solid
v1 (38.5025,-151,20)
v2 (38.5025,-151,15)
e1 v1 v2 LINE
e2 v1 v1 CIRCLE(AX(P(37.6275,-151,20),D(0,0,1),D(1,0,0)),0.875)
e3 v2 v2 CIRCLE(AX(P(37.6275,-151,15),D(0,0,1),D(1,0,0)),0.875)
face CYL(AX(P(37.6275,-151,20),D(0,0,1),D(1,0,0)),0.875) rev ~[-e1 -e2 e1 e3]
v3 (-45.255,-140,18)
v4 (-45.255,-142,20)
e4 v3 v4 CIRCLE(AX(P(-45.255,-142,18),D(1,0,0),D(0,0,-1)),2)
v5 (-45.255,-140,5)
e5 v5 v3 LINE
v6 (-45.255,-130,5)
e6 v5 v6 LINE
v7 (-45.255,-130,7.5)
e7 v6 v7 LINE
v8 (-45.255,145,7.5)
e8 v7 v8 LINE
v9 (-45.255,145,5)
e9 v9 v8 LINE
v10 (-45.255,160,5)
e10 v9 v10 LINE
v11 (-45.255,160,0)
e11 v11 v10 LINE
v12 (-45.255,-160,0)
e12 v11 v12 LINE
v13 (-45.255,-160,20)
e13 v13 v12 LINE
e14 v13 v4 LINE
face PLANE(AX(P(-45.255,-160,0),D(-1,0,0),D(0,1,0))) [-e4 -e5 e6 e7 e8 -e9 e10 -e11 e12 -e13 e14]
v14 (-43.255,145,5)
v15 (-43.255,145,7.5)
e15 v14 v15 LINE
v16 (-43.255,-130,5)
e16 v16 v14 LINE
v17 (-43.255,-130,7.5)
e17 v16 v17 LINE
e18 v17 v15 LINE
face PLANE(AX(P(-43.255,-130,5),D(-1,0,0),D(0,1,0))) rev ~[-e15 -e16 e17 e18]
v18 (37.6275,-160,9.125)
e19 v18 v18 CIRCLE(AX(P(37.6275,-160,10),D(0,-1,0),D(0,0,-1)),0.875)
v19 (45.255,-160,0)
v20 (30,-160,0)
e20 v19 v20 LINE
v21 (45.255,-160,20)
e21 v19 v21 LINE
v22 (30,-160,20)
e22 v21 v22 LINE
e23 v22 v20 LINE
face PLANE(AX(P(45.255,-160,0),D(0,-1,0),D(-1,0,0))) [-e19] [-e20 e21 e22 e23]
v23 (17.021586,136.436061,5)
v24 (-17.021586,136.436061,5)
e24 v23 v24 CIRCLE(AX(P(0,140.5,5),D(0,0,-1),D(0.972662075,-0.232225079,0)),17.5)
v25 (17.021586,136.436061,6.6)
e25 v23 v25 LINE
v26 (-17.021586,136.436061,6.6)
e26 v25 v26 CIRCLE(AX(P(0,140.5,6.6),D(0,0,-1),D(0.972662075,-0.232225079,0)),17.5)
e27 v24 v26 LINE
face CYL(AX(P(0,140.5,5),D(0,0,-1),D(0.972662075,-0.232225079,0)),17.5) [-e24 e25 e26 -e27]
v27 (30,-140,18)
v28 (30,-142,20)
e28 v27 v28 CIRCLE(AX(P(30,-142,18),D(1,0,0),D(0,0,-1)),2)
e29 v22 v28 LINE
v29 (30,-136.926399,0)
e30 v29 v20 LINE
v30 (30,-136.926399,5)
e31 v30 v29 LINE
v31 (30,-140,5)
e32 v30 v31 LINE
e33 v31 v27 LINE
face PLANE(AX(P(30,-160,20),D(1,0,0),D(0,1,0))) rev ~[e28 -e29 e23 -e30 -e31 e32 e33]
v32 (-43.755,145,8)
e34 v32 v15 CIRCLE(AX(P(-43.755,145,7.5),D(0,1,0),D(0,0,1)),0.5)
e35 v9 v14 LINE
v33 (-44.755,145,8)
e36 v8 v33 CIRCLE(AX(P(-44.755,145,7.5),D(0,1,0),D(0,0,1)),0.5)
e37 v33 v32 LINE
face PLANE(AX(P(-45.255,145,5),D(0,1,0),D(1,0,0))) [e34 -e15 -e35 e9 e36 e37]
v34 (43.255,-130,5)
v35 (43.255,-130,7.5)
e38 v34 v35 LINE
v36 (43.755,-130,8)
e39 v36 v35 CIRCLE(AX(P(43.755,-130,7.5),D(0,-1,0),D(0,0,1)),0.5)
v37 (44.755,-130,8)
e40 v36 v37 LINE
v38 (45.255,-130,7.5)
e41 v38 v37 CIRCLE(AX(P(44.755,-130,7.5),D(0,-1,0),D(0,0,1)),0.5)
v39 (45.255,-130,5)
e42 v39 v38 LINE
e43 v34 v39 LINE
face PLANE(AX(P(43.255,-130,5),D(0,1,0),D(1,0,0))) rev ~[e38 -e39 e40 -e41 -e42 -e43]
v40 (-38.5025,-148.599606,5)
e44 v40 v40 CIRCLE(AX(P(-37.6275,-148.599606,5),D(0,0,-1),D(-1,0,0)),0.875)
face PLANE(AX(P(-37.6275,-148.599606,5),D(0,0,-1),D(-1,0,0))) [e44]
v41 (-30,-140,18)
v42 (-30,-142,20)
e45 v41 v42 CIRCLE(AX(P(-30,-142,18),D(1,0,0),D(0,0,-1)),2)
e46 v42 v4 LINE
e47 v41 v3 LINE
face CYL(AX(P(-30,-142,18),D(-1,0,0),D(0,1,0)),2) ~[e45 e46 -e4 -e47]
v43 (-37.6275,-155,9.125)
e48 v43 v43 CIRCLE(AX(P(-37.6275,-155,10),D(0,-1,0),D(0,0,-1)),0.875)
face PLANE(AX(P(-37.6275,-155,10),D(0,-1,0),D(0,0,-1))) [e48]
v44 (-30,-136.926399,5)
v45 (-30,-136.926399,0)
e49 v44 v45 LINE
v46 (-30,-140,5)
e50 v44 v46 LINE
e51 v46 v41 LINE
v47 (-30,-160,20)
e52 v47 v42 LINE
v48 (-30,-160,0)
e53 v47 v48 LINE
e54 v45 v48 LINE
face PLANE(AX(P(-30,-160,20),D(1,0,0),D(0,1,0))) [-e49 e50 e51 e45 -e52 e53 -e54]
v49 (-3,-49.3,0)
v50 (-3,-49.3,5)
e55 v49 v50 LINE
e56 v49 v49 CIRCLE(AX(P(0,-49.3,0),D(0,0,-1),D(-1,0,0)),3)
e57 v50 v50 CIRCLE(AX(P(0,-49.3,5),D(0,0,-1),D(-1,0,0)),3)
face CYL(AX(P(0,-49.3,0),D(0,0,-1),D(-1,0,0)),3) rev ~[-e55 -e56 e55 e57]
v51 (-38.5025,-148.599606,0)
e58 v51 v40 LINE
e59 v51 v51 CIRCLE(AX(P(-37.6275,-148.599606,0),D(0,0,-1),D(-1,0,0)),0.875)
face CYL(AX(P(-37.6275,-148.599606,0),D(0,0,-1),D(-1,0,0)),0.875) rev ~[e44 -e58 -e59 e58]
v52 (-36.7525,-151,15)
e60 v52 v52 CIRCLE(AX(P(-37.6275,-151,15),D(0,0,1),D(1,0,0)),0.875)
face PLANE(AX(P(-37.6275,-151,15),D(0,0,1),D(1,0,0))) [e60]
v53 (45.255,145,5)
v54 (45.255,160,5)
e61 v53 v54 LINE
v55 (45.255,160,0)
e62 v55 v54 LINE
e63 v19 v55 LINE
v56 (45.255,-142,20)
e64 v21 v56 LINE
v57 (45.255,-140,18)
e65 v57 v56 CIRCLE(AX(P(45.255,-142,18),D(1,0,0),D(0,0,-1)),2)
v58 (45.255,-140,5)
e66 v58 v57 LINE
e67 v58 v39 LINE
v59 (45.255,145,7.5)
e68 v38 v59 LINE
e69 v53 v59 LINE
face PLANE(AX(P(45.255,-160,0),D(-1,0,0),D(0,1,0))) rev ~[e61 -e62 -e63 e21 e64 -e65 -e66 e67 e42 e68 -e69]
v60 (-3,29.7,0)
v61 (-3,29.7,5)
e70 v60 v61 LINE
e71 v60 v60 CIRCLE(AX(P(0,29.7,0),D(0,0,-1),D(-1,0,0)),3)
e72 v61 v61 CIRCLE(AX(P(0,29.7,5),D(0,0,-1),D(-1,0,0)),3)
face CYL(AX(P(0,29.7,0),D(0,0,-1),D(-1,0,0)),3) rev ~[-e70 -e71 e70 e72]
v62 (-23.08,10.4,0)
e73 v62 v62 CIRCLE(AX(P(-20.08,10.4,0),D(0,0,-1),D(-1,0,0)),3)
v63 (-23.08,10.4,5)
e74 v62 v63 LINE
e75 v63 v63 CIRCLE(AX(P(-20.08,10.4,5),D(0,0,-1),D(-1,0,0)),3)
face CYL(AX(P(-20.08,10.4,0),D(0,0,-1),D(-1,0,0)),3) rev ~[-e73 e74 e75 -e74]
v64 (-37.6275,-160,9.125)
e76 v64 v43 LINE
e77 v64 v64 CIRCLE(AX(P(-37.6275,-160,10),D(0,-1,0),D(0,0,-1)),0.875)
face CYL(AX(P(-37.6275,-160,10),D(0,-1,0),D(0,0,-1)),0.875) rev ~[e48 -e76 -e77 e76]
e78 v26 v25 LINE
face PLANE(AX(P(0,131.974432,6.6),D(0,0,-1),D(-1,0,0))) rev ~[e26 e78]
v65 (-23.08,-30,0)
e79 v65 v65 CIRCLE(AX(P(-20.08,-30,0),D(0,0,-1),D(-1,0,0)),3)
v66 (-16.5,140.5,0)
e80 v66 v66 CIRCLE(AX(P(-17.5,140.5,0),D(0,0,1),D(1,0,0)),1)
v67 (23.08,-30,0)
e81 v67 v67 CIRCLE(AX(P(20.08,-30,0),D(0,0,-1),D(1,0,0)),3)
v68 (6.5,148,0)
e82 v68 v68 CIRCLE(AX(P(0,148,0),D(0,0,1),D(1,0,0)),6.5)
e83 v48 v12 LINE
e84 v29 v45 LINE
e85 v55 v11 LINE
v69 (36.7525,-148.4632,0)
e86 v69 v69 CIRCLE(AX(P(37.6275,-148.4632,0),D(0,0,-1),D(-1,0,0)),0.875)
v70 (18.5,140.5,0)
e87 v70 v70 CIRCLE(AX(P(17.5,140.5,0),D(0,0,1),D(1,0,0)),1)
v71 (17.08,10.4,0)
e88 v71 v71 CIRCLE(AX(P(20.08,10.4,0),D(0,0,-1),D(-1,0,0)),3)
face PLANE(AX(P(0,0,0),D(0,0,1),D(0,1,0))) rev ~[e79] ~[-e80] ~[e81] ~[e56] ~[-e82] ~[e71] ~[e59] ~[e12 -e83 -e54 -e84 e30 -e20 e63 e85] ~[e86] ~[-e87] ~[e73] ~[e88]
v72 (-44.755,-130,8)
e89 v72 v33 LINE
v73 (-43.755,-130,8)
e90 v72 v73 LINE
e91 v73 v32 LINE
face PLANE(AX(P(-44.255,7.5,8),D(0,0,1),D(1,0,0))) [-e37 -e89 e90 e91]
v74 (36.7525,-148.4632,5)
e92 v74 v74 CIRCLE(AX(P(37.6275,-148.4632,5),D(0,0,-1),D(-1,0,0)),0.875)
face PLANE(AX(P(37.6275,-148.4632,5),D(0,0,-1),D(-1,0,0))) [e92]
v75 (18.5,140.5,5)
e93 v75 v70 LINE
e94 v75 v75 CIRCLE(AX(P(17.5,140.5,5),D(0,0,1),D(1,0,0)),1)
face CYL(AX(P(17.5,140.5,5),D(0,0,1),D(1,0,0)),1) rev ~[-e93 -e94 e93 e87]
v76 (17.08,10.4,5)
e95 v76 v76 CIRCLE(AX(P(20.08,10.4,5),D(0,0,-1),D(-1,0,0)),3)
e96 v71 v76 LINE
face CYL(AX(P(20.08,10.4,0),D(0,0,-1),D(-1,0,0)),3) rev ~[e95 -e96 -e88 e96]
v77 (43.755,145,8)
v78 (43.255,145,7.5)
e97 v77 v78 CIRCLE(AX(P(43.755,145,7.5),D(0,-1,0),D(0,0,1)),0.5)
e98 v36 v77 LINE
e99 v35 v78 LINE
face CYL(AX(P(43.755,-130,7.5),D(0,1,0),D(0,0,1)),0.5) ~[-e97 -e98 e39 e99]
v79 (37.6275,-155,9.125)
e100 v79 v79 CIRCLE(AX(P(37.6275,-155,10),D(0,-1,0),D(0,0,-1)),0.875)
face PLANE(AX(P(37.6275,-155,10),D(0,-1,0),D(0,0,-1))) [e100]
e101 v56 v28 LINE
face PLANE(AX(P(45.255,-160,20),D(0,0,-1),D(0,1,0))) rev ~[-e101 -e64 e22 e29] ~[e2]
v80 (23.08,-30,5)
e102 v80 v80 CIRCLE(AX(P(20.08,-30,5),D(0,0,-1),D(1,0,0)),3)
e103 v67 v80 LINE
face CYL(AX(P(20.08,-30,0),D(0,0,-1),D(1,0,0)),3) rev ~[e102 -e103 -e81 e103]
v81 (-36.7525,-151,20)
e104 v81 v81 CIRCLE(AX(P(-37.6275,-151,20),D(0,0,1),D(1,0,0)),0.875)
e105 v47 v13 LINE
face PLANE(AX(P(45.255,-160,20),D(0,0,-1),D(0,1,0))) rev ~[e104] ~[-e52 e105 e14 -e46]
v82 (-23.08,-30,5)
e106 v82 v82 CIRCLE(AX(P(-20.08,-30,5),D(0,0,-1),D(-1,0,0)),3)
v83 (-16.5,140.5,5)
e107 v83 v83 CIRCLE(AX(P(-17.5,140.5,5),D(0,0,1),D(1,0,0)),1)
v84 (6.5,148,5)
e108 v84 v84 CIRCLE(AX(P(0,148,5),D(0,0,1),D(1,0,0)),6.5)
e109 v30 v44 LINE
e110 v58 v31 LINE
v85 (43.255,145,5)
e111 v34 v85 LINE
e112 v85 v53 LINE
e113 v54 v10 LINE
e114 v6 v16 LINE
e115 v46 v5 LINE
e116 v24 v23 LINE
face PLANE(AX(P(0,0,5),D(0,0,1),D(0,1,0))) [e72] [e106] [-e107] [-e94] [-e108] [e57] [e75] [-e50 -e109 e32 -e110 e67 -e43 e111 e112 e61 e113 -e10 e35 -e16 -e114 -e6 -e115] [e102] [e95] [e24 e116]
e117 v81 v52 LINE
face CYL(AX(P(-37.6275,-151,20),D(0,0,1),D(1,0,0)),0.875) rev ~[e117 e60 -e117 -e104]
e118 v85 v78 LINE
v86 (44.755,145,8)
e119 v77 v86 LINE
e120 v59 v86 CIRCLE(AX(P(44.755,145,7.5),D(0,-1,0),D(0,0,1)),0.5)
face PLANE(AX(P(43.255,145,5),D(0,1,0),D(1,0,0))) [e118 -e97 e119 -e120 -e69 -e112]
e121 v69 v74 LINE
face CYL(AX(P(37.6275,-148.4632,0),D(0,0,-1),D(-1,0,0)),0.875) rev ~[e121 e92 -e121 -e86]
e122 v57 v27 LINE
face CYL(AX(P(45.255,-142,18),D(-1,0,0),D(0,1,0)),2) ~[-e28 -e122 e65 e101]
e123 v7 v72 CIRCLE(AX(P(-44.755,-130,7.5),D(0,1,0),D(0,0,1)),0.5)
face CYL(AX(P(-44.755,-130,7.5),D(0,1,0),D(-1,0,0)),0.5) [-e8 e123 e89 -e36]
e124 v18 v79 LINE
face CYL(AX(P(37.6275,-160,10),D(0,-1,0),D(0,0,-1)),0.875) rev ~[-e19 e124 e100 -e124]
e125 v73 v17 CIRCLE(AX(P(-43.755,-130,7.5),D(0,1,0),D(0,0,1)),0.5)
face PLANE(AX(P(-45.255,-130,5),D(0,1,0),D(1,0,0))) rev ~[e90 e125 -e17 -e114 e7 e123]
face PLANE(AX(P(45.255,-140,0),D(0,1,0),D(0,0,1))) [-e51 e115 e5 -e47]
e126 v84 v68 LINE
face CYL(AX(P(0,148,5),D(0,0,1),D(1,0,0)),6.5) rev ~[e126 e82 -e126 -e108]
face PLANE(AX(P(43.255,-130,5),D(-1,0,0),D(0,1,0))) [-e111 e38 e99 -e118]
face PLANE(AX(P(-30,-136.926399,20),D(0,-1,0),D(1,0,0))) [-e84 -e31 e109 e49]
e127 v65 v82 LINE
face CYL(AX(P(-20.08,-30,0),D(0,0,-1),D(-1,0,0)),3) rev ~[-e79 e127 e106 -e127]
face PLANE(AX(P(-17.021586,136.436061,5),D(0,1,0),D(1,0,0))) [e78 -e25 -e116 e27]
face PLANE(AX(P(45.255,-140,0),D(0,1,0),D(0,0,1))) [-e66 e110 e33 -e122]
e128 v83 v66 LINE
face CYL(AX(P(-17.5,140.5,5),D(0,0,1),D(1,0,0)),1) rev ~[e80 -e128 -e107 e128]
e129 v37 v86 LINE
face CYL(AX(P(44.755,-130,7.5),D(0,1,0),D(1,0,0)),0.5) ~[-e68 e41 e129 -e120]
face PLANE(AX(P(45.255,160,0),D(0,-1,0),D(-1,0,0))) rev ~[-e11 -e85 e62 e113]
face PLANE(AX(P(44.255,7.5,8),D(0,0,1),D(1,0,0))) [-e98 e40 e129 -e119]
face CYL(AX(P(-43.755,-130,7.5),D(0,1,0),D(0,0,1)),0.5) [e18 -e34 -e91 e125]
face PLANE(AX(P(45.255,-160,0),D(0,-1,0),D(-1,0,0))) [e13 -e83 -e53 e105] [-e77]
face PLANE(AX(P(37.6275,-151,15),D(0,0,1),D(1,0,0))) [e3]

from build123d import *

# Parameters (mm, degrees)
SKETCH1_W                    = 320
SKETCH1_H                    = 90.51
CHASSIS_BASE_DEPTH           = 5
SKETCH3_W                    = 2
SKETCH3_H                    = 275
LATERAL_GUARD_DEPTH          = 3
DRIVE_ATTACHMENT_POINT_REACH = 168.469
SKETCH4_R                    = 3
CUT_EXTRUDE2_REACH           = 168.352
SKETCH5_R                    = 6.5
SKETCH5_R_2                  = 1
SKETCH6_W                    = 20
SKETCH6_H                    = 20
BOSS_EXTRUDE1_DEPTH          = 90.51
CUT_EXTRUDE3_REACH           = 169.475
SKETCH7_W                    = 60
SKETCH7_H                    = 23.073600821
FILLET3_R                    = 0.5
FILLET4_R                    = 2
SKETCH9_R                    = 0.875
CUT_EXTRUDE5_DEPTH           = 5
SKETCH10_R                   = 0.875
CUT_EXTRUDE6_DEPTH           = 5
SKETCH11_R                   = 0.875
CUT_EXTRUDE7_DEPTH           = 5
SKETCH12_R                   = 0.875
CUT_EXTRUDE8_DEPTH           = 5
SKETCH13_R                   = 0.875
CUT_EXTRUDE9_DEPTH           = 5
SKETCH14_R                   = 0.875
CUT_EXTRUDE10_DEPTH          = 5
BOSS_EXTRUDE2_DEPTH          = 1.6


with BuildPart() as part:
    # Sketch1 → Chassis Base (new body)
    with BuildSketch(Plane(origin=(0, 0, 0), x_dir=(0, 1, 0), z_dir=(0, 0, 1))):
        Rectangle(SKETCH1_W, SKETCH1_H)
    extrude(amount=CHASSIS_BASE_DEPTH)

    # Sketch3 → Lateral Guard (add)
    with BuildSketch(Plane.XY.offset(5)):
        with Locations((-44.255, 7.5)):
            Rectangle(SKETCH3_W, SKETCH3_H)
        with Locations((44.255, 7.5)):
            Rectangle(SKETCH3_W, SKETCH3_H)
    extrude(amount=LATERAL_GUARD_DEPTH)

    # Sketch4 → Drive Attachment Point (cut, up to next)
    with BuildSketch(Plane(origin=(0, 0, 0), x_dir=(1, 0, 0), z_dir=(0, 0, -1)), mode=Mode.PRIVATE) as drive_attachment_point_sk1:
        with Locations(Location((0, -29.7, 0), (0, 0, 180))):
            Circle(SKETCH4_R)
    drive_attachment_point_tool1 = extrude(drive_attachment_point_sk1.sketch, amount=-DRIVE_ATTACHMENT_POINT_REACH, mode=Mode.PRIVATE) & part.part
    # Sketch4 → Drive Attachment Point (cut, up to next)
    with BuildSketch(Plane(origin=(0, 0, 0), x_dir=(1, 0, 0), z_dir=(0, 0, -1)), mode=Mode.PRIVATE) as drive_attachment_point_sk2:
        with Locations(Location((-20.08, 30, 0), (0, 0, 180))):
            Circle(SKETCH4_R)
    drive_attachment_point_tool2 = extrude(drive_attachment_point_sk2.sketch, amount=-DRIVE_ATTACHMENT_POINT_REACH, mode=Mode.PRIVATE) & part.part
    # Sketch4 → Drive Attachment Point (cut, up to next)
    with BuildSketch(Plane(origin=(0, 0, 0), x_dir=(1, 0, 0), z_dir=(0, 0, -1)), mode=Mode.PRIVATE) as drive_attachment_point_sk3:
        with Locations((20.08, 30)):
            Circle(SKETCH4_R)
    drive_attachment_point_tool3 = extrude(drive_attachment_point_sk3.sketch, amount=-DRIVE_ATTACHMENT_POINT_REACH, mode=Mode.PRIVATE) & part.part
    # Sketch4 → Drive Attachment Point (cut, up to next)
    with BuildSketch(Plane(origin=(0, 0, 0), x_dir=(1, 0, 0), z_dir=(0, 0, -1)), mode=Mode.PRIVATE) as drive_attachment_point_sk4:
        with Locations(Location((0, 49.3, 0), (0, 0, 180))):
            Circle(SKETCH4_R)
    drive_attachment_point_tool4 = extrude(drive_attachment_point_sk4.sketch, amount=-DRIVE_ATTACHMENT_POINT_REACH, mode=Mode.PRIVATE) & part.part
    # Sketch4 → Drive Attachment Point (cut, up to next)
    with BuildSketch(Plane(origin=(0, 0, 0), x_dir=(1, 0, 0), z_dir=(0, 0, -1)), mode=Mode.PRIVATE) as drive_attachment_point_sk5:
        with Locations(Location((-20.08, -10.4, 0), (0, 0, 180))):
            Circle(SKETCH4_R)
    drive_attachment_point_tool5 = extrude(drive_attachment_point_sk5.sketch, amount=-DRIVE_ATTACHMENT_POINT_REACH, mode=Mode.PRIVATE) & part.part
    # Sketch4 → Drive Attachment Point (cut, up to next)
    with BuildSketch(Plane(origin=(0, 0, 0), x_dir=(1, 0, 0), z_dir=(0, 0, -1)), mode=Mode.PRIVATE) as drive_attachment_point_sk6:
        with Locations(Location((20.08, -10.4, 0), (0, 0, 180))):
            Circle(SKETCH4_R)
    drive_attachment_point_tool6 = extrude(drive_attachment_point_sk6.sketch, amount=-DRIVE_ATTACHMENT_POINT_REACH, mode=Mode.PRIVATE) & part.part
    add(drive_attachment_point_tool1.solids().sort_by_distance((0, 29.7, 0))[0], mode=Mode.SUBTRACT)
    add(drive_attachment_point_tool2.solids().sort_by_distance((-20.08, -30, 0))[0], mode=Mode.SUBTRACT)
    add(drive_attachment_point_tool3.solids().sort_by_distance((20.08, -30, 0))[0], mode=Mode.SUBTRACT)
    add(drive_attachment_point_tool4.solids().sort_by_distance((0, -49.3, 0))[0], mode=Mode.SUBTRACT)
    add(drive_attachment_point_tool5.solids().sort_by_distance((-20.08, 10.4, 0))[0], mode=Mode.SUBTRACT)
    add(drive_attachment_point_tool6.solids().sort_by_distance((20.08, 10.4, 0))[0], mode=Mode.SUBTRACT)

    # Sketch5 → Cut-Extrude2 (cut, up to next)
    with BuildSketch(Plane.XY.offset(5), mode=Mode.PRIVATE) as cut_extrude2_sk1:
        with Locations((0, 148)):
            Circle(SKETCH5_R)
    cut_extrude2_tool1 = extrude(cut_extrude2_sk1.sketch, amount=-CUT_EXTRUDE2_REACH, mode=Mode.PRIVATE) & part.part
    # Sketch5 → Cut-Extrude2 (cut, up to next)
    with BuildSketch(Plane.XY.offset(5), mode=Mode.PRIVATE) as cut_extrude2_sk2:
        with Locations((-17.5, 140.5)):
            Circle(SKETCH5_R_2)
    cut_extrude2_tool2 = extrude(cut_extrude2_sk2.sketch, amount=-CUT_EXTRUDE2_REACH, mode=Mode.PRIVATE) & part.part
    # Sketch5 → Cut-Extrude2 (cut, up to next)
    with BuildSketch(Plane.XY.offset(5), mode=Mode.PRIVATE) as cut_extrude2_sk3:
        with Locations((17.5, 140.5)):
            Circle(SKETCH5_R_2)
    cut_extrude2_tool3 = extrude(cut_extrude2_sk3.sketch, amount=-CUT_EXTRUDE2_REACH, mode=Mode.PRIVATE) & part.part
    add(cut_extrude2_tool1.solids().sort_by_distance((0, 148, 5))[0], mode=Mode.SUBTRACT)
    add(cut_extrude2_tool2.solids().sort_by_distance((-17.5, 140.5, 5))[0], mode=Mode.SUBTRACT)
    add(cut_extrude2_tool3.solids().sort_by_distance((17.5, 140.5, 5))[0], mode=Mode.SUBTRACT)

    # Sketch6 → Boss-Extrude1 (add)
    with BuildSketch(Plane.YZ.offset(45.255)):
        with Locations((-150, 10)):
            Rectangle(SKETCH6_W, SKETCH6_H)
    extrude(amount=-BOSS_EXTRUDE1_DEPTH)

    # Sketch7 → Cut-Extrude3 (cut, up to next)
    with BuildSketch(Plane.XY.offset(20), mode=Mode.PRIVATE) as cut_extrude3_sk1:
        with Locations((0, -148.463199589)):
            Rectangle(SKETCH7_W, SKETCH7_H)
    cut_extrude3_tool1 = extrude(cut_extrude3_sk1.sketch, amount=-CUT_EXTRUDE3_REACH, mode=Mode.PRIVATE) & part.part
    add(cut_extrude3_tool1.solids().sort_by_distance((0, -148.4632, 20))[0], mode=Mode.SUBTRACT)

    # Fillet3
    fillet3_edges = [part.edges().sort_by_distance(p)[0] for p in [
        (-45.255, 7.5, 8),
        (-43.255, 7.5, 8),
        (45.255, 7.5, 8),
        (43.255, 7.5, 8),
    ]]
    fillet(fillet3_edges, radius=FILLET3_R)

    # Fillet4
    fillet4_edges = [part.edges().sort_by_distance(p)[0] for p in [
        (37.6275, -140, 20),
        (-37.6275, -140, 20),
    ]]
    fillet(fillet4_edges, radius=FILLET4_R)

    # Sketch9 → Cut-Extrude5 (cut)
    with BuildSketch(Plane.XY.offset(20)):
        with Locations((-37.6275, -151)):
            Circle(SKETCH9_R)
    extrude(amount=-CUT_EXTRUDE5_DEPTH, mode=Mode.SUBTRACT)

    # Sketch10 → Cut-Extrude6 (cut)
    with BuildSketch(Plane.XZ.offset(160)):
        with Locations(Location((-37.6275, 10, 0), (0, 0, 270))):
            Circle(SKETCH10_R)
    extrude(amount=-CUT_EXTRUDE6_DEPTH, mode=Mode.SUBTRACT)

    # Sketch11 → Cut-Extrude7 (cut)
    with BuildSketch(Plane(origin=(0, 0, 0), x_dir=(1, 0, 0), z_dir=(0, 0, -1))):
        with Locations(Location((-37.6275, 148.599605515, 0), (0, 0, 180))):
            Circle(SKETCH11_R)
    extrude(amount=-CUT_EXTRUDE7_DEPTH, mode=Mode.SUBTRACT)

    # Sketch12 → Cut-Extrude8 (cut)
    with BuildSketch(Plane(origin=(0, 0, 0), x_dir=(1, 0, 0), z_dir=(0, 0, -1))):
        with Locations(Location((37.6275, 148.463199589, 0), (0, 0, 180))):
            Circle(SKETCH12_R)
    extrude(amount=-CUT_EXTRUDE8_DEPTH, mode=Mode.SUBTRACT)

    # Sketch13 → Cut-Extrude9 (cut)
    with BuildSketch(Plane.XZ.offset(160)):
        with Locations(Location((37.6275, 10, 0), (0, 0, 270))):
            Circle(SKETCH13_R)
    extrude(amount=-CUT_EXTRUDE9_DEPTH, mode=Mode.SUBTRACT)

    # Sketch14 → Cut-Extrude10 (cut)
    with BuildSketch(Plane.XY.offset(20)):
        with Locations((37.6275, -151)):
            Circle(SKETCH14_R)
    extrude(amount=-CUT_EXTRUDE10_DEPTH, mode=Mode.SUBTRACT)

    # Sketch15 → Boss-Extrude2 (add)
    with BuildSketch(Plane.XY.offset(5)):
        with BuildLine():
            Line((-17.021586315, 136.436061109), (17.021586315, 136.436061109))
            ThreePointArc((17.021586315, 136.436061109), (0, 123), (-17.021586315, 136.436061109))
        make_face()
    extrude(amount=BOSS_EXTRUDE2_DEPTH)


solid = part.part
